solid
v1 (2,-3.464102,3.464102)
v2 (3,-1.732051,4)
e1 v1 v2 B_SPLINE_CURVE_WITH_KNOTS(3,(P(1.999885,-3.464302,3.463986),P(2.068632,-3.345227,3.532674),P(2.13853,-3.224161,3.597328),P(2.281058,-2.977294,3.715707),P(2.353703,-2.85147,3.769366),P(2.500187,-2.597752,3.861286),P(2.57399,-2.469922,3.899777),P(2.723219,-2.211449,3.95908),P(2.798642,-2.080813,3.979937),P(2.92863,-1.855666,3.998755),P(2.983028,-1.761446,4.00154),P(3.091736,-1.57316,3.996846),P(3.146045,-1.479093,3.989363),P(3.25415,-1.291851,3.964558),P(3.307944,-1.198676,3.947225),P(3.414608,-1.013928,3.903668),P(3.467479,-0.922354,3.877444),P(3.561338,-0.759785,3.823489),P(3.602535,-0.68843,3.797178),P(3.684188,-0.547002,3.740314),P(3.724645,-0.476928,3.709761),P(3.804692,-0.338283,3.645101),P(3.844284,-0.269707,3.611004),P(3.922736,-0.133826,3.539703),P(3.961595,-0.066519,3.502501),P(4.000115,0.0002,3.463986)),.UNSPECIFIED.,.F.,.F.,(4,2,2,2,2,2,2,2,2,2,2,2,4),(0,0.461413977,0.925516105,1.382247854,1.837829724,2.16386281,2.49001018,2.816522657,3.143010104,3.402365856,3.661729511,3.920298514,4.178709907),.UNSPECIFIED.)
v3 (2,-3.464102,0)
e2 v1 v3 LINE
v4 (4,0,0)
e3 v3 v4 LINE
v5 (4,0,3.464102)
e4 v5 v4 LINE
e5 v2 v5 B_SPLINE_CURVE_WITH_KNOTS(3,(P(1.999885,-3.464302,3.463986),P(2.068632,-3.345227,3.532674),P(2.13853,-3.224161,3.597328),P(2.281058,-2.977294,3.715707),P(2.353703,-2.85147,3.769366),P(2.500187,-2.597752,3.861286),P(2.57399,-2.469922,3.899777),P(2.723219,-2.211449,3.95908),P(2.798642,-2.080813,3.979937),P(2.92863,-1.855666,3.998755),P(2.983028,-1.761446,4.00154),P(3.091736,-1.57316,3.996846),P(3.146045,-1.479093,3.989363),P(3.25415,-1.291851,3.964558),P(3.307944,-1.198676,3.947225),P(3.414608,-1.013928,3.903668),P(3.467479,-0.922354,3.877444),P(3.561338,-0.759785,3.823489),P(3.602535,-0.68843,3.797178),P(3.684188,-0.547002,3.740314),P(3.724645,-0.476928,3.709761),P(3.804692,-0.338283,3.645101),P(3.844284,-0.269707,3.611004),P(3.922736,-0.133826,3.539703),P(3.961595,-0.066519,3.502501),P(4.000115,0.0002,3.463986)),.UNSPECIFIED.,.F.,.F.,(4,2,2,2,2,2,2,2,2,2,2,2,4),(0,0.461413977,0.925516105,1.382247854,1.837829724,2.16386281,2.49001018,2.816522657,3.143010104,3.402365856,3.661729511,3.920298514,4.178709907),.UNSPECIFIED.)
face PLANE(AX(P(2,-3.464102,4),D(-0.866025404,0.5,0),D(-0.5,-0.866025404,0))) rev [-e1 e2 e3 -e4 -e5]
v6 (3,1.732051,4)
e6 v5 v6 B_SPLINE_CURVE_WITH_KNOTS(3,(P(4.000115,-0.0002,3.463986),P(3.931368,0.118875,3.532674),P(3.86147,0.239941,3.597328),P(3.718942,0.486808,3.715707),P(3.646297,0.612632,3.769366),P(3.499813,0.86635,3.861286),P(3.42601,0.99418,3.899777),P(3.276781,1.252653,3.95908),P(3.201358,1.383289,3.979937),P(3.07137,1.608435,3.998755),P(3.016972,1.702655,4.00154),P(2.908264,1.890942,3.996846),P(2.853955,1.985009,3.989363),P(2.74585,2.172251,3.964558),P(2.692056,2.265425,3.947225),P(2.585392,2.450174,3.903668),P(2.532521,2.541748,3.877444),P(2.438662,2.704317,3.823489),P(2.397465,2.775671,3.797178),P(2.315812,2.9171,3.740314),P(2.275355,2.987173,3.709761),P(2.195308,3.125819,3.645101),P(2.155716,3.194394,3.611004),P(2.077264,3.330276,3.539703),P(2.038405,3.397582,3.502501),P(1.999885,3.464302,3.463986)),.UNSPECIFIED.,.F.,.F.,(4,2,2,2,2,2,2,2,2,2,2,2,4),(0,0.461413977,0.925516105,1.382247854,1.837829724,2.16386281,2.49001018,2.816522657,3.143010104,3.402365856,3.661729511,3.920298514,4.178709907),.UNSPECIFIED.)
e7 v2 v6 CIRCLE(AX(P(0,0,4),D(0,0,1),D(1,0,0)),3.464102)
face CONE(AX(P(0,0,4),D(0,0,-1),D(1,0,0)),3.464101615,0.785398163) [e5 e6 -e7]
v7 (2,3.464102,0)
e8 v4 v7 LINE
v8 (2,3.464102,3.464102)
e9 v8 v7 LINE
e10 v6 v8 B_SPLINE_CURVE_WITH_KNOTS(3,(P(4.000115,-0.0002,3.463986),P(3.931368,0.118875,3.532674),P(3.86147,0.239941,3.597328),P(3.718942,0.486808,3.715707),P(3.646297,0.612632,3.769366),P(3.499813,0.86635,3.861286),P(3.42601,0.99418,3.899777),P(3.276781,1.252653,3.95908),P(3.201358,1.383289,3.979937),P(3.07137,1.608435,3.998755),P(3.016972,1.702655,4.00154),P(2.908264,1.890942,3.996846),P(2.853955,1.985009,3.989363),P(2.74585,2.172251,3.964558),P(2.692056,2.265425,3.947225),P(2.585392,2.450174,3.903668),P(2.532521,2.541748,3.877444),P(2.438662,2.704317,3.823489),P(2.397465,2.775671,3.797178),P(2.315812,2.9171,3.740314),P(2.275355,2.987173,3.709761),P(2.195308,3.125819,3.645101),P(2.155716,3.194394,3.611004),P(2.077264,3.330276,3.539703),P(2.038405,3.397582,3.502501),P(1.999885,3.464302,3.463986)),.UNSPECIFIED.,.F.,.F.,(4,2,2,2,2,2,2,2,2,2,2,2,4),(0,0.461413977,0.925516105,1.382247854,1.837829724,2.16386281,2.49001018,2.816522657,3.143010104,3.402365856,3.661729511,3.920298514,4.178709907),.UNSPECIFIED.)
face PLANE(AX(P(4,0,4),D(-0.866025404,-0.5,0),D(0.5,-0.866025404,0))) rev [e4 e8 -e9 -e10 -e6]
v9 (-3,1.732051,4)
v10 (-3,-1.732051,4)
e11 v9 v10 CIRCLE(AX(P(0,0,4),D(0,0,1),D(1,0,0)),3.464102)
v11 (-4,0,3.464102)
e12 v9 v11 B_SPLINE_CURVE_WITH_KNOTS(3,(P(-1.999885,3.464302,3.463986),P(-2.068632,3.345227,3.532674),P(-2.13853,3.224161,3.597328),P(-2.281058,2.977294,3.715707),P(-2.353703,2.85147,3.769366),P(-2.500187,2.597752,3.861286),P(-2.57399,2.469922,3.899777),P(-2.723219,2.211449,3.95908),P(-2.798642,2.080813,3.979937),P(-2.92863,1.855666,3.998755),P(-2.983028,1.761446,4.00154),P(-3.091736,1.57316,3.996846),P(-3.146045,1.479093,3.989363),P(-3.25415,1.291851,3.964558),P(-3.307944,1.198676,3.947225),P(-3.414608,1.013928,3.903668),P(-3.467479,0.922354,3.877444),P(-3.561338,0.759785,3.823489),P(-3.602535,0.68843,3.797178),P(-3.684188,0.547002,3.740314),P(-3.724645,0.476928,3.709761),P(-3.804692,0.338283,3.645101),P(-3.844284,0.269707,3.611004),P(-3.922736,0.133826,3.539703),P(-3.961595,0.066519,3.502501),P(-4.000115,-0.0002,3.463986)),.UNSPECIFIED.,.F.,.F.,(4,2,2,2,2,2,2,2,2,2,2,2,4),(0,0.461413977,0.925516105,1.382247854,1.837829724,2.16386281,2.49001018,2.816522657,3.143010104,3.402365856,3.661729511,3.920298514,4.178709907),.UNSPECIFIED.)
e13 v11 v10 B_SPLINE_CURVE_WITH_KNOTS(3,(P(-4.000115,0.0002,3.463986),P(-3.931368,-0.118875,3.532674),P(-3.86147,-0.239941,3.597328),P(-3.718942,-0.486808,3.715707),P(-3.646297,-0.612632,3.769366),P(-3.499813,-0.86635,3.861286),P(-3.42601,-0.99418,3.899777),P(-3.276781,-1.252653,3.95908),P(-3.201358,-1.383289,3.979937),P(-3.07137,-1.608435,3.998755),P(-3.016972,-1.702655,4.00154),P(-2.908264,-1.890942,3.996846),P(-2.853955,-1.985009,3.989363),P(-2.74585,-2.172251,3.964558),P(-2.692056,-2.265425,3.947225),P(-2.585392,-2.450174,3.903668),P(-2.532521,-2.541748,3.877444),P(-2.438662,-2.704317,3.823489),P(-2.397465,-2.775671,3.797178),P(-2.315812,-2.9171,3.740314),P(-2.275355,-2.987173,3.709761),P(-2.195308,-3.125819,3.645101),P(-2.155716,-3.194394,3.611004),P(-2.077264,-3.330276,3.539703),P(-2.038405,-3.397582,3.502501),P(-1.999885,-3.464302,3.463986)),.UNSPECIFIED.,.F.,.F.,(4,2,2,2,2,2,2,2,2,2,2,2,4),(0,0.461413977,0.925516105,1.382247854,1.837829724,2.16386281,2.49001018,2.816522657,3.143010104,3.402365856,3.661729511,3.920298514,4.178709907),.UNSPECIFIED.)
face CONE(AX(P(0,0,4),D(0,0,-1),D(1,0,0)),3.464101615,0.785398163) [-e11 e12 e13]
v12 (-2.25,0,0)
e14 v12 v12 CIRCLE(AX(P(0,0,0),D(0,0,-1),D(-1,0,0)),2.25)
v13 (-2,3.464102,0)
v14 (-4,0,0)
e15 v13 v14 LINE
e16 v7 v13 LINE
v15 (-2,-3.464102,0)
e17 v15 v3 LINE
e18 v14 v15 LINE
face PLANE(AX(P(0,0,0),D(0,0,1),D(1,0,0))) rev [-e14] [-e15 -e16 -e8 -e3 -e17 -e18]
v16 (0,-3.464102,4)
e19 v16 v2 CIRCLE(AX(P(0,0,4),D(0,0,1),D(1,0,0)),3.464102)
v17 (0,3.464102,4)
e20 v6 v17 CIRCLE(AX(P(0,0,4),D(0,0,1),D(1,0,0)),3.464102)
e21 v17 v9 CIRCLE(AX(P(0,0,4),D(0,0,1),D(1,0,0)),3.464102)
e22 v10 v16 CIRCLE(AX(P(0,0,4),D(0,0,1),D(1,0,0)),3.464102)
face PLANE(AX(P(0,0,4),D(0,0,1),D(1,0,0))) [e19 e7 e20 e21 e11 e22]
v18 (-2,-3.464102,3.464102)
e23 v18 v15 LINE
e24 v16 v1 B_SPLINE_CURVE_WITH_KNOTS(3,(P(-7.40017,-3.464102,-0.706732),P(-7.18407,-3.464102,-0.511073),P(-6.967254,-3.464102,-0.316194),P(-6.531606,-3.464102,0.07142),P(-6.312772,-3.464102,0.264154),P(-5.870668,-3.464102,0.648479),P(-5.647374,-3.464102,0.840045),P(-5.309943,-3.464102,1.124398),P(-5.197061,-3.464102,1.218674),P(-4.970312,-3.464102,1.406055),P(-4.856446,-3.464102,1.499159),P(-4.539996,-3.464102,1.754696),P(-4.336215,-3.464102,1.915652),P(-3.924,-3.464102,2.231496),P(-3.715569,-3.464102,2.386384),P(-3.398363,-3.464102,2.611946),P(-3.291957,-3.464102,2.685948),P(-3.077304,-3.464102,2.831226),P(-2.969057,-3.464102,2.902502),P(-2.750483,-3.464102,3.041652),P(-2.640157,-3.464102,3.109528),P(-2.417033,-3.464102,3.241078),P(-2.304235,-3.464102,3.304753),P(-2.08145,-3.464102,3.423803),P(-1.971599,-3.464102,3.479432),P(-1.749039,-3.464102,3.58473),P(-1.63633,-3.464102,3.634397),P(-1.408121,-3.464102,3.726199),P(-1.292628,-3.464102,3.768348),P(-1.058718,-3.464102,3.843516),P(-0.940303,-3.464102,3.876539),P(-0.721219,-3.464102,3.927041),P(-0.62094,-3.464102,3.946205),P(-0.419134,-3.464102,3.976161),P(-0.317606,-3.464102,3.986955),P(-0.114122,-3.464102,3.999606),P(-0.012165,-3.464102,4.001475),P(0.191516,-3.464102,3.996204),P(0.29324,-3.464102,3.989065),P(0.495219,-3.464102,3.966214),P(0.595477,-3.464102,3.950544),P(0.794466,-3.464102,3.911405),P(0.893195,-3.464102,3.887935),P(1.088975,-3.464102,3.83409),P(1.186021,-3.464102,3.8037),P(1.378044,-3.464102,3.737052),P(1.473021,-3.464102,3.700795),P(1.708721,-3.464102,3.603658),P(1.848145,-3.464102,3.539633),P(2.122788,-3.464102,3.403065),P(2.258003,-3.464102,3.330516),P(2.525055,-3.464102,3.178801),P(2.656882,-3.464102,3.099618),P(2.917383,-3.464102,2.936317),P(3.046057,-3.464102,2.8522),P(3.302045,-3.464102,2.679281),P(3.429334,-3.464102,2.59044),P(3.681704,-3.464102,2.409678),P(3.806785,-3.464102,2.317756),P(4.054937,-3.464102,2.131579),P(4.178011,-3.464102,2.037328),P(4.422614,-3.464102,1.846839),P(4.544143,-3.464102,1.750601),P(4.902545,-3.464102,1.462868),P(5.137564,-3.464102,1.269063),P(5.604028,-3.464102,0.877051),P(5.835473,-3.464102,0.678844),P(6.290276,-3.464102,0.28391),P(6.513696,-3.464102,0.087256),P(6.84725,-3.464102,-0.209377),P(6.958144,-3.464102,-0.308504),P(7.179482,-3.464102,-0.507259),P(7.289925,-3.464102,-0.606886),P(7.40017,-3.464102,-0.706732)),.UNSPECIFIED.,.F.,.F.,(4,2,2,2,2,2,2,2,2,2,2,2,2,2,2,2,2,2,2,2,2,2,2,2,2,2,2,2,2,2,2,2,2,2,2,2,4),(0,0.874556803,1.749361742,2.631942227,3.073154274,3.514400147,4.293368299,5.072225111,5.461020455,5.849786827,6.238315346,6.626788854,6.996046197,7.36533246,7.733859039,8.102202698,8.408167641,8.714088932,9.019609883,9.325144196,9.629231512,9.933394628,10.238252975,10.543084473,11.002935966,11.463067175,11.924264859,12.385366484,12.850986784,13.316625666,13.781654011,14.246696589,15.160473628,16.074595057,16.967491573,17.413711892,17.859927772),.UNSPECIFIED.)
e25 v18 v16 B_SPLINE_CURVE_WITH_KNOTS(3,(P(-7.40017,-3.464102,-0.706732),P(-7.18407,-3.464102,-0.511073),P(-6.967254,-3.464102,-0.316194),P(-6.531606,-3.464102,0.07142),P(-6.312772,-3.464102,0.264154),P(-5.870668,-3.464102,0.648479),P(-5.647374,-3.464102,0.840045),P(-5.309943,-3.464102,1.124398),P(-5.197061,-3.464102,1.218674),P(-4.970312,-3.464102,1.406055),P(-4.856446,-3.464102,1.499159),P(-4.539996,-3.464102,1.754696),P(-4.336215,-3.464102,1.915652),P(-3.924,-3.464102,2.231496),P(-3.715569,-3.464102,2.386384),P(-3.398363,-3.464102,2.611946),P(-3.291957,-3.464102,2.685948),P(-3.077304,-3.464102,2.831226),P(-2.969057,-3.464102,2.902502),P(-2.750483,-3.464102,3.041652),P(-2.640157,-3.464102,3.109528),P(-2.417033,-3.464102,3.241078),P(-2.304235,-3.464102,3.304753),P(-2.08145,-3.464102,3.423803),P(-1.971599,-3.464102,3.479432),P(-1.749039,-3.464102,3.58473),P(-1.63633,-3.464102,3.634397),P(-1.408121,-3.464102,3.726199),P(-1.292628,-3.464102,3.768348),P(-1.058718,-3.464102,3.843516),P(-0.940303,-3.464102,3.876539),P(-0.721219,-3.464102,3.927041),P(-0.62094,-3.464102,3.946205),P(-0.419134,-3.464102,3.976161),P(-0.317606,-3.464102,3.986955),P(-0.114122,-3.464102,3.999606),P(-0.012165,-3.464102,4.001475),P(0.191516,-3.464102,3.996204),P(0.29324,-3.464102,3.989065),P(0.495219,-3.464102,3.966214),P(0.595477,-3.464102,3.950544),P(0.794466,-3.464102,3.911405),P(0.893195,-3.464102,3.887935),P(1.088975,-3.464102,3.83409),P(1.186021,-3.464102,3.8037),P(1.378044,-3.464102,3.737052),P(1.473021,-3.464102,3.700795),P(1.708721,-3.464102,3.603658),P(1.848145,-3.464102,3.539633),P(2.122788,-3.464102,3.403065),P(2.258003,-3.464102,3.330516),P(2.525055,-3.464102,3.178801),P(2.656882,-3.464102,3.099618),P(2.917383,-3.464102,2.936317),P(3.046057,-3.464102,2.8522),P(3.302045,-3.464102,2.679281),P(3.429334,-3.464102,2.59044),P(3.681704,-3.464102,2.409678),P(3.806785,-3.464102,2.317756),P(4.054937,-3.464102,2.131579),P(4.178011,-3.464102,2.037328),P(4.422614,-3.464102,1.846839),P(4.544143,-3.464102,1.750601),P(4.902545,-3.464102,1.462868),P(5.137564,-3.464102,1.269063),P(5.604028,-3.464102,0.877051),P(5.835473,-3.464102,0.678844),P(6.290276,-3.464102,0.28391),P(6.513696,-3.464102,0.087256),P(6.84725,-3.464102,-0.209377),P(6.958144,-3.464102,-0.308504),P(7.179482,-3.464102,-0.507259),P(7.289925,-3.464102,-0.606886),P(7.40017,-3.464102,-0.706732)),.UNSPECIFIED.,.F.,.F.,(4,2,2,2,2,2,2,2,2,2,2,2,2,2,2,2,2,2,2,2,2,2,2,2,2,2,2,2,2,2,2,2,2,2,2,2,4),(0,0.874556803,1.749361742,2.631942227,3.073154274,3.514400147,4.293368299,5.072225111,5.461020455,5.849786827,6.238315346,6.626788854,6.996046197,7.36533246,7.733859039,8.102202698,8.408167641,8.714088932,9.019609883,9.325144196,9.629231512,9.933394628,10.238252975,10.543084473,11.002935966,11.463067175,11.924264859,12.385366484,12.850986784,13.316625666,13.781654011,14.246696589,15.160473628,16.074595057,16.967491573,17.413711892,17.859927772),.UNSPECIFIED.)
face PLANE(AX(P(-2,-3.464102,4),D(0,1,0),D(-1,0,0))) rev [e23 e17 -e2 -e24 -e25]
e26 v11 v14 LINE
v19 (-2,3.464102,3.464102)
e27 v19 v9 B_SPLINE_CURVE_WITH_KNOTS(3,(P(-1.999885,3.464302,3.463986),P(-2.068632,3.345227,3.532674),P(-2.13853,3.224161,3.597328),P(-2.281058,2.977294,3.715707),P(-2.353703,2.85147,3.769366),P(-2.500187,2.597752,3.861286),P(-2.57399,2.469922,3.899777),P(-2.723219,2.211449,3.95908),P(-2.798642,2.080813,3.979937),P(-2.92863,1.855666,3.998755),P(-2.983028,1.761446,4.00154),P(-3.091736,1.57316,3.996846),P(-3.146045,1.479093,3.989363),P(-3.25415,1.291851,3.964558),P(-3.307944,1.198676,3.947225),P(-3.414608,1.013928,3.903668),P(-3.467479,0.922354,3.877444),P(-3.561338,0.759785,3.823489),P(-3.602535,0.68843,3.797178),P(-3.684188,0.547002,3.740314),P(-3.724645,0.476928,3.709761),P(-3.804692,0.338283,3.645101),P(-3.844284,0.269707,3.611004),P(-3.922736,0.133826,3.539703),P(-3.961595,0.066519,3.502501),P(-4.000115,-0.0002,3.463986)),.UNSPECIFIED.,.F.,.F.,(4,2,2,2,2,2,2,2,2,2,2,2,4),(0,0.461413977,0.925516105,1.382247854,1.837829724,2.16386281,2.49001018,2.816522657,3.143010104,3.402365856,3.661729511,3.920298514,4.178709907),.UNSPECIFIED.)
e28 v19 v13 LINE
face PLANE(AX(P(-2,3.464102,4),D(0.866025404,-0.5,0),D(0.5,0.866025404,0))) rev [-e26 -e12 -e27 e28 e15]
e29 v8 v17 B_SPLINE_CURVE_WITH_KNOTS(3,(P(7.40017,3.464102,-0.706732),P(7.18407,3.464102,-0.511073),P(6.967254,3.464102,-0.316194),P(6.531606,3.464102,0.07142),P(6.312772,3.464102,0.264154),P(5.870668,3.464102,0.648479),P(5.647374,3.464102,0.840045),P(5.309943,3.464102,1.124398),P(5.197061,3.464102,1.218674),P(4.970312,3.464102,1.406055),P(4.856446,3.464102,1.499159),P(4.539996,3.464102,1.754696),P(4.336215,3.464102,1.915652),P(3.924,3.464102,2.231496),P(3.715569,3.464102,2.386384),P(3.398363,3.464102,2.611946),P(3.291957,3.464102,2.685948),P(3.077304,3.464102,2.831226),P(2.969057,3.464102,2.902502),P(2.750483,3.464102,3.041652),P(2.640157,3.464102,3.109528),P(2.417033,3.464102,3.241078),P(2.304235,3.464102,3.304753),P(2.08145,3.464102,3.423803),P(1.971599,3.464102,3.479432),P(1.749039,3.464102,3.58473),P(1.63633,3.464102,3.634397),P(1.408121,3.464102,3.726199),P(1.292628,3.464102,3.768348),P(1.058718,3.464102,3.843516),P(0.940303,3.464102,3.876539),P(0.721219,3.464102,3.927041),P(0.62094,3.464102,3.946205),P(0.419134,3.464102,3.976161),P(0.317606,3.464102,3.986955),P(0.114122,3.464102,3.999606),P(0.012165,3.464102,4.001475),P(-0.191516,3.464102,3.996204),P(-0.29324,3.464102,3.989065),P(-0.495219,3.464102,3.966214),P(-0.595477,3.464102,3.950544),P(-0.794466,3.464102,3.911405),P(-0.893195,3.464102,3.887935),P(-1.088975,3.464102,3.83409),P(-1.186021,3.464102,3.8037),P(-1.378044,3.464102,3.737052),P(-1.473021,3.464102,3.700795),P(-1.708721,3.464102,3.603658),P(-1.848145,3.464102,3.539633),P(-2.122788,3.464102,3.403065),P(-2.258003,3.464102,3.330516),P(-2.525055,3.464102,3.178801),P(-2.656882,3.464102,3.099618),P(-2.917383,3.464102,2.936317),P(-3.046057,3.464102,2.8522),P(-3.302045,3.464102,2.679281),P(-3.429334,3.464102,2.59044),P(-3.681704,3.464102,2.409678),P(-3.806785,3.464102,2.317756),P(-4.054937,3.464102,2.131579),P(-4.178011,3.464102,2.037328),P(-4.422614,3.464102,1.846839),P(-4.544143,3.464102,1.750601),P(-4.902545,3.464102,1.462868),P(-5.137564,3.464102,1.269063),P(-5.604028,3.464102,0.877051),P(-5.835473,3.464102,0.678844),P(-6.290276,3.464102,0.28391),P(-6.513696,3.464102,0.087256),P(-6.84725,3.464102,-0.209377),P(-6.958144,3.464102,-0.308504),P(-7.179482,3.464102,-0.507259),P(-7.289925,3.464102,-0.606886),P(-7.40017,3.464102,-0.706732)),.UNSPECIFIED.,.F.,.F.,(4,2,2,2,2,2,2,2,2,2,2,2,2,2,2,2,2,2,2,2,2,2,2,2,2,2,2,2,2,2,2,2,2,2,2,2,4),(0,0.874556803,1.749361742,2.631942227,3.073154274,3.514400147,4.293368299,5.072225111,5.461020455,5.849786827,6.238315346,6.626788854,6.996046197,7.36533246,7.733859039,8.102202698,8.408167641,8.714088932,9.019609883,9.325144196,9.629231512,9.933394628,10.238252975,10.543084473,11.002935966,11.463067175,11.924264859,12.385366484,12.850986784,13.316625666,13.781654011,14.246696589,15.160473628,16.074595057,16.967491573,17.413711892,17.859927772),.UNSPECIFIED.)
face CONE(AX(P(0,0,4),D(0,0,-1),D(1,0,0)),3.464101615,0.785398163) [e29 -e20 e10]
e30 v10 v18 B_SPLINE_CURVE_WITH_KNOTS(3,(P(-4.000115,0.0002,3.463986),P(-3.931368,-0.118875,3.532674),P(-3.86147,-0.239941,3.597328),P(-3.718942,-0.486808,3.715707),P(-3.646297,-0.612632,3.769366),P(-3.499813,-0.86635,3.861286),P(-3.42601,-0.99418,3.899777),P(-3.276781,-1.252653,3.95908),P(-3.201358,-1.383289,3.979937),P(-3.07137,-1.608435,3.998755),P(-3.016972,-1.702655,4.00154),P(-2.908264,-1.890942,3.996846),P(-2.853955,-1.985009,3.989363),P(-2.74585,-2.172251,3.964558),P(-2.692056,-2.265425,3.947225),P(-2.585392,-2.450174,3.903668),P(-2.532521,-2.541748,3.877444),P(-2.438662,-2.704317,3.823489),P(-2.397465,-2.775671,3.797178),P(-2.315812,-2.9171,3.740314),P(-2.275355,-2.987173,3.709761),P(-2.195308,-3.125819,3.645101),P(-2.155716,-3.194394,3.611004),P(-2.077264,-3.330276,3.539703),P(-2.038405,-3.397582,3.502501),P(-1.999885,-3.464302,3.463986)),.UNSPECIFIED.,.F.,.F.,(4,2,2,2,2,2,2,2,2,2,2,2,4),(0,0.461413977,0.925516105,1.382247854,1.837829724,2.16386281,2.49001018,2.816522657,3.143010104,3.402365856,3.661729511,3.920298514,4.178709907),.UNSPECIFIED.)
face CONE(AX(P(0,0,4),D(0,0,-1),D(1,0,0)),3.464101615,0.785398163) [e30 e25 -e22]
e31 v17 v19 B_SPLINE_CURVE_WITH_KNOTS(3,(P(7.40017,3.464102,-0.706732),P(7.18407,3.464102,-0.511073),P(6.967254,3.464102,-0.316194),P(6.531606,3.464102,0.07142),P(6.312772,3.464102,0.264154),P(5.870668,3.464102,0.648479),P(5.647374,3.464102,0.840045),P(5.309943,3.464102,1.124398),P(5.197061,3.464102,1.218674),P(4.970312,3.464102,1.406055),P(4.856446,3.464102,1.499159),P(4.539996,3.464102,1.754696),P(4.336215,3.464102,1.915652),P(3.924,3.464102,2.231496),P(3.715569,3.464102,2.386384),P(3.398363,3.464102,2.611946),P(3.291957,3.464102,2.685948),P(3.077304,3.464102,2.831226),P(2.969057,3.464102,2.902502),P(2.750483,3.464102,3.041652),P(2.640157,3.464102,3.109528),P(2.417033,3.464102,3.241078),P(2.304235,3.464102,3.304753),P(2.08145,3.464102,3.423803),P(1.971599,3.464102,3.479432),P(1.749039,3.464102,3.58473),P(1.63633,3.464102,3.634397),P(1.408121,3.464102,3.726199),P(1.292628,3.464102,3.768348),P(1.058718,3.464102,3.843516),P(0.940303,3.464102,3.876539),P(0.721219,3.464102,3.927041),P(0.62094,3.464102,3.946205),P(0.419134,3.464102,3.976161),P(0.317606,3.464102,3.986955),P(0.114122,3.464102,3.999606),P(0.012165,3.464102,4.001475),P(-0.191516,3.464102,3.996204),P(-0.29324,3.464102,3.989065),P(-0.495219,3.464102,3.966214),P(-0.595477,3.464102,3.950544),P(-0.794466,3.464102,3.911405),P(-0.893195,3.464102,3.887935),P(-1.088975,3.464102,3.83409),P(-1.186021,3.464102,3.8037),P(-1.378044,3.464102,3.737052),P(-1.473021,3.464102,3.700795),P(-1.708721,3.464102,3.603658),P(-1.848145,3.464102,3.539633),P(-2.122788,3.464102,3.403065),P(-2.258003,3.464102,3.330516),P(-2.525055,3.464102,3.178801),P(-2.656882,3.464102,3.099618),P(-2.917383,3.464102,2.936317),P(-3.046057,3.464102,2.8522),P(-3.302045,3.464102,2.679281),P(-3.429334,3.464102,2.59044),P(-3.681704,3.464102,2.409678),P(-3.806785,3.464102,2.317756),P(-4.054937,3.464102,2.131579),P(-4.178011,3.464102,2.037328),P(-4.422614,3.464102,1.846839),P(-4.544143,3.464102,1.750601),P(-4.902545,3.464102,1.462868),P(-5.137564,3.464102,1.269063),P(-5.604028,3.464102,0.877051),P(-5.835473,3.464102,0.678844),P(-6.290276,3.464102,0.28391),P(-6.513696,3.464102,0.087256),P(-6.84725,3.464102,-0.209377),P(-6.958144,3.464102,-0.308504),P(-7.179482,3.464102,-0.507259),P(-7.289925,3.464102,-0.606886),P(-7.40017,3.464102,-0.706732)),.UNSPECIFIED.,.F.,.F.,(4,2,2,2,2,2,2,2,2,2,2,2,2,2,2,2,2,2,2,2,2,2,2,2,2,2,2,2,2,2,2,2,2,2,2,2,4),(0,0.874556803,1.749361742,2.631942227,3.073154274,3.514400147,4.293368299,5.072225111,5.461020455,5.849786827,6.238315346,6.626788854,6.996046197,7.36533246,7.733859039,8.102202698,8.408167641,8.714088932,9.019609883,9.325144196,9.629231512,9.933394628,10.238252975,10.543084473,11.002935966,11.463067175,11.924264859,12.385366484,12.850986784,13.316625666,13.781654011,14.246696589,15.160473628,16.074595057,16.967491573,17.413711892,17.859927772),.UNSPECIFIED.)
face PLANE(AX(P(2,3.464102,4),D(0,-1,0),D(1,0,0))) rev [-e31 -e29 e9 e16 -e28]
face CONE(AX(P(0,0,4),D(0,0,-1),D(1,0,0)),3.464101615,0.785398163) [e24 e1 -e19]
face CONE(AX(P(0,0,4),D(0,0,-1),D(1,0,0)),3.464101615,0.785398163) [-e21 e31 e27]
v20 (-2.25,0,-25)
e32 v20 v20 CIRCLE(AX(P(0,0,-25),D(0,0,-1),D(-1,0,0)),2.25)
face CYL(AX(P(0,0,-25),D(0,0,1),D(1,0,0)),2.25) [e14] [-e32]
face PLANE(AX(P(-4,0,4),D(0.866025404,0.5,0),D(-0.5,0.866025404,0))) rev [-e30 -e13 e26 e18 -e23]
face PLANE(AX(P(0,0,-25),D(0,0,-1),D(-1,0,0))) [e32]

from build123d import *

# Parameters (mm, degrees)
BOSS_EXTRUDE1_DEPTH = 4
SKETCH2_OUTSIDE_W   = 20.262
SKETCH2_OUTSIDE_H   = 19.19
SKETCH2_OUTSIDE_R   = 3.464101615
CUT_EXTRUDE1_DEPTH  = 4
CUT_EXTRUDE1_DRAFT  = -45
SKETCH3_R           = 2.25
BOSS_EXTRUDE2_DEPTH = 25


with BuildPart() as part:
    # Sketch1 → Boss-Extrude1 (new body)
    with BuildSketch(Plane.XY):
        Polygon((-2, 3.464101615), (-4, 0), (-2, -3.464101615), (2, -3.464101615), (4, 0), (2, 3.464101615), align=None)
    extrude(amount=BOSS_EXTRUDE1_DEPTH)


with BuildPart() as cut_extrude1_tool:
    # Sketch2 outside → Cut-Extrude1 (with draft: the straight prism first)
    with BuildSketch(Plane.XY.offset(4)):
        Rectangle(SKETCH2_OUTSIDE_W, SKETCH2_OUTSIDE_H)
        Circle(SKETCH2_OUTSIDE_R, mode=Mode.SUBTRACT)
    extrude(amount=-CUT_EXTRUDE1_DEPTH)
    # Cut-Extrude1: the draft: its side faces are tilted about the plane it starts from
    cut_extrude1_sides = [cut_extrude1_tool.faces().sort_by_distance(p)[0] for p in [
        (0, -9.595, 2),
        (10.131, 0, 2),
        (0, 9.595, 2),
        (-10.131, 0, 2),
        (-3.464101615, 0, 2),
    ]]
    draft(cut_extrude1_sides, Plane.XY.offset(4), CUT_EXTRUDE1_DRAFT)


with BuildPart() as part_1:
    add(part.part)

    # Cut-Extrude1: cut by cut_extrude1_tool
    add(cut_extrude1_tool.part, mode=Mode.SUBTRACT)

    # Sketch3 → Boss-Extrude2 (add)
    with BuildSketch(Plane(origin=(0, 0, 0), x_dir=(-1, 0, 0), z_dir=(0, 0, -1))):
        Circle(SKETCH3_R)
    extrude(amount=BOSS_EXTRUDE2_DEPTH)


solid = part_1.part
